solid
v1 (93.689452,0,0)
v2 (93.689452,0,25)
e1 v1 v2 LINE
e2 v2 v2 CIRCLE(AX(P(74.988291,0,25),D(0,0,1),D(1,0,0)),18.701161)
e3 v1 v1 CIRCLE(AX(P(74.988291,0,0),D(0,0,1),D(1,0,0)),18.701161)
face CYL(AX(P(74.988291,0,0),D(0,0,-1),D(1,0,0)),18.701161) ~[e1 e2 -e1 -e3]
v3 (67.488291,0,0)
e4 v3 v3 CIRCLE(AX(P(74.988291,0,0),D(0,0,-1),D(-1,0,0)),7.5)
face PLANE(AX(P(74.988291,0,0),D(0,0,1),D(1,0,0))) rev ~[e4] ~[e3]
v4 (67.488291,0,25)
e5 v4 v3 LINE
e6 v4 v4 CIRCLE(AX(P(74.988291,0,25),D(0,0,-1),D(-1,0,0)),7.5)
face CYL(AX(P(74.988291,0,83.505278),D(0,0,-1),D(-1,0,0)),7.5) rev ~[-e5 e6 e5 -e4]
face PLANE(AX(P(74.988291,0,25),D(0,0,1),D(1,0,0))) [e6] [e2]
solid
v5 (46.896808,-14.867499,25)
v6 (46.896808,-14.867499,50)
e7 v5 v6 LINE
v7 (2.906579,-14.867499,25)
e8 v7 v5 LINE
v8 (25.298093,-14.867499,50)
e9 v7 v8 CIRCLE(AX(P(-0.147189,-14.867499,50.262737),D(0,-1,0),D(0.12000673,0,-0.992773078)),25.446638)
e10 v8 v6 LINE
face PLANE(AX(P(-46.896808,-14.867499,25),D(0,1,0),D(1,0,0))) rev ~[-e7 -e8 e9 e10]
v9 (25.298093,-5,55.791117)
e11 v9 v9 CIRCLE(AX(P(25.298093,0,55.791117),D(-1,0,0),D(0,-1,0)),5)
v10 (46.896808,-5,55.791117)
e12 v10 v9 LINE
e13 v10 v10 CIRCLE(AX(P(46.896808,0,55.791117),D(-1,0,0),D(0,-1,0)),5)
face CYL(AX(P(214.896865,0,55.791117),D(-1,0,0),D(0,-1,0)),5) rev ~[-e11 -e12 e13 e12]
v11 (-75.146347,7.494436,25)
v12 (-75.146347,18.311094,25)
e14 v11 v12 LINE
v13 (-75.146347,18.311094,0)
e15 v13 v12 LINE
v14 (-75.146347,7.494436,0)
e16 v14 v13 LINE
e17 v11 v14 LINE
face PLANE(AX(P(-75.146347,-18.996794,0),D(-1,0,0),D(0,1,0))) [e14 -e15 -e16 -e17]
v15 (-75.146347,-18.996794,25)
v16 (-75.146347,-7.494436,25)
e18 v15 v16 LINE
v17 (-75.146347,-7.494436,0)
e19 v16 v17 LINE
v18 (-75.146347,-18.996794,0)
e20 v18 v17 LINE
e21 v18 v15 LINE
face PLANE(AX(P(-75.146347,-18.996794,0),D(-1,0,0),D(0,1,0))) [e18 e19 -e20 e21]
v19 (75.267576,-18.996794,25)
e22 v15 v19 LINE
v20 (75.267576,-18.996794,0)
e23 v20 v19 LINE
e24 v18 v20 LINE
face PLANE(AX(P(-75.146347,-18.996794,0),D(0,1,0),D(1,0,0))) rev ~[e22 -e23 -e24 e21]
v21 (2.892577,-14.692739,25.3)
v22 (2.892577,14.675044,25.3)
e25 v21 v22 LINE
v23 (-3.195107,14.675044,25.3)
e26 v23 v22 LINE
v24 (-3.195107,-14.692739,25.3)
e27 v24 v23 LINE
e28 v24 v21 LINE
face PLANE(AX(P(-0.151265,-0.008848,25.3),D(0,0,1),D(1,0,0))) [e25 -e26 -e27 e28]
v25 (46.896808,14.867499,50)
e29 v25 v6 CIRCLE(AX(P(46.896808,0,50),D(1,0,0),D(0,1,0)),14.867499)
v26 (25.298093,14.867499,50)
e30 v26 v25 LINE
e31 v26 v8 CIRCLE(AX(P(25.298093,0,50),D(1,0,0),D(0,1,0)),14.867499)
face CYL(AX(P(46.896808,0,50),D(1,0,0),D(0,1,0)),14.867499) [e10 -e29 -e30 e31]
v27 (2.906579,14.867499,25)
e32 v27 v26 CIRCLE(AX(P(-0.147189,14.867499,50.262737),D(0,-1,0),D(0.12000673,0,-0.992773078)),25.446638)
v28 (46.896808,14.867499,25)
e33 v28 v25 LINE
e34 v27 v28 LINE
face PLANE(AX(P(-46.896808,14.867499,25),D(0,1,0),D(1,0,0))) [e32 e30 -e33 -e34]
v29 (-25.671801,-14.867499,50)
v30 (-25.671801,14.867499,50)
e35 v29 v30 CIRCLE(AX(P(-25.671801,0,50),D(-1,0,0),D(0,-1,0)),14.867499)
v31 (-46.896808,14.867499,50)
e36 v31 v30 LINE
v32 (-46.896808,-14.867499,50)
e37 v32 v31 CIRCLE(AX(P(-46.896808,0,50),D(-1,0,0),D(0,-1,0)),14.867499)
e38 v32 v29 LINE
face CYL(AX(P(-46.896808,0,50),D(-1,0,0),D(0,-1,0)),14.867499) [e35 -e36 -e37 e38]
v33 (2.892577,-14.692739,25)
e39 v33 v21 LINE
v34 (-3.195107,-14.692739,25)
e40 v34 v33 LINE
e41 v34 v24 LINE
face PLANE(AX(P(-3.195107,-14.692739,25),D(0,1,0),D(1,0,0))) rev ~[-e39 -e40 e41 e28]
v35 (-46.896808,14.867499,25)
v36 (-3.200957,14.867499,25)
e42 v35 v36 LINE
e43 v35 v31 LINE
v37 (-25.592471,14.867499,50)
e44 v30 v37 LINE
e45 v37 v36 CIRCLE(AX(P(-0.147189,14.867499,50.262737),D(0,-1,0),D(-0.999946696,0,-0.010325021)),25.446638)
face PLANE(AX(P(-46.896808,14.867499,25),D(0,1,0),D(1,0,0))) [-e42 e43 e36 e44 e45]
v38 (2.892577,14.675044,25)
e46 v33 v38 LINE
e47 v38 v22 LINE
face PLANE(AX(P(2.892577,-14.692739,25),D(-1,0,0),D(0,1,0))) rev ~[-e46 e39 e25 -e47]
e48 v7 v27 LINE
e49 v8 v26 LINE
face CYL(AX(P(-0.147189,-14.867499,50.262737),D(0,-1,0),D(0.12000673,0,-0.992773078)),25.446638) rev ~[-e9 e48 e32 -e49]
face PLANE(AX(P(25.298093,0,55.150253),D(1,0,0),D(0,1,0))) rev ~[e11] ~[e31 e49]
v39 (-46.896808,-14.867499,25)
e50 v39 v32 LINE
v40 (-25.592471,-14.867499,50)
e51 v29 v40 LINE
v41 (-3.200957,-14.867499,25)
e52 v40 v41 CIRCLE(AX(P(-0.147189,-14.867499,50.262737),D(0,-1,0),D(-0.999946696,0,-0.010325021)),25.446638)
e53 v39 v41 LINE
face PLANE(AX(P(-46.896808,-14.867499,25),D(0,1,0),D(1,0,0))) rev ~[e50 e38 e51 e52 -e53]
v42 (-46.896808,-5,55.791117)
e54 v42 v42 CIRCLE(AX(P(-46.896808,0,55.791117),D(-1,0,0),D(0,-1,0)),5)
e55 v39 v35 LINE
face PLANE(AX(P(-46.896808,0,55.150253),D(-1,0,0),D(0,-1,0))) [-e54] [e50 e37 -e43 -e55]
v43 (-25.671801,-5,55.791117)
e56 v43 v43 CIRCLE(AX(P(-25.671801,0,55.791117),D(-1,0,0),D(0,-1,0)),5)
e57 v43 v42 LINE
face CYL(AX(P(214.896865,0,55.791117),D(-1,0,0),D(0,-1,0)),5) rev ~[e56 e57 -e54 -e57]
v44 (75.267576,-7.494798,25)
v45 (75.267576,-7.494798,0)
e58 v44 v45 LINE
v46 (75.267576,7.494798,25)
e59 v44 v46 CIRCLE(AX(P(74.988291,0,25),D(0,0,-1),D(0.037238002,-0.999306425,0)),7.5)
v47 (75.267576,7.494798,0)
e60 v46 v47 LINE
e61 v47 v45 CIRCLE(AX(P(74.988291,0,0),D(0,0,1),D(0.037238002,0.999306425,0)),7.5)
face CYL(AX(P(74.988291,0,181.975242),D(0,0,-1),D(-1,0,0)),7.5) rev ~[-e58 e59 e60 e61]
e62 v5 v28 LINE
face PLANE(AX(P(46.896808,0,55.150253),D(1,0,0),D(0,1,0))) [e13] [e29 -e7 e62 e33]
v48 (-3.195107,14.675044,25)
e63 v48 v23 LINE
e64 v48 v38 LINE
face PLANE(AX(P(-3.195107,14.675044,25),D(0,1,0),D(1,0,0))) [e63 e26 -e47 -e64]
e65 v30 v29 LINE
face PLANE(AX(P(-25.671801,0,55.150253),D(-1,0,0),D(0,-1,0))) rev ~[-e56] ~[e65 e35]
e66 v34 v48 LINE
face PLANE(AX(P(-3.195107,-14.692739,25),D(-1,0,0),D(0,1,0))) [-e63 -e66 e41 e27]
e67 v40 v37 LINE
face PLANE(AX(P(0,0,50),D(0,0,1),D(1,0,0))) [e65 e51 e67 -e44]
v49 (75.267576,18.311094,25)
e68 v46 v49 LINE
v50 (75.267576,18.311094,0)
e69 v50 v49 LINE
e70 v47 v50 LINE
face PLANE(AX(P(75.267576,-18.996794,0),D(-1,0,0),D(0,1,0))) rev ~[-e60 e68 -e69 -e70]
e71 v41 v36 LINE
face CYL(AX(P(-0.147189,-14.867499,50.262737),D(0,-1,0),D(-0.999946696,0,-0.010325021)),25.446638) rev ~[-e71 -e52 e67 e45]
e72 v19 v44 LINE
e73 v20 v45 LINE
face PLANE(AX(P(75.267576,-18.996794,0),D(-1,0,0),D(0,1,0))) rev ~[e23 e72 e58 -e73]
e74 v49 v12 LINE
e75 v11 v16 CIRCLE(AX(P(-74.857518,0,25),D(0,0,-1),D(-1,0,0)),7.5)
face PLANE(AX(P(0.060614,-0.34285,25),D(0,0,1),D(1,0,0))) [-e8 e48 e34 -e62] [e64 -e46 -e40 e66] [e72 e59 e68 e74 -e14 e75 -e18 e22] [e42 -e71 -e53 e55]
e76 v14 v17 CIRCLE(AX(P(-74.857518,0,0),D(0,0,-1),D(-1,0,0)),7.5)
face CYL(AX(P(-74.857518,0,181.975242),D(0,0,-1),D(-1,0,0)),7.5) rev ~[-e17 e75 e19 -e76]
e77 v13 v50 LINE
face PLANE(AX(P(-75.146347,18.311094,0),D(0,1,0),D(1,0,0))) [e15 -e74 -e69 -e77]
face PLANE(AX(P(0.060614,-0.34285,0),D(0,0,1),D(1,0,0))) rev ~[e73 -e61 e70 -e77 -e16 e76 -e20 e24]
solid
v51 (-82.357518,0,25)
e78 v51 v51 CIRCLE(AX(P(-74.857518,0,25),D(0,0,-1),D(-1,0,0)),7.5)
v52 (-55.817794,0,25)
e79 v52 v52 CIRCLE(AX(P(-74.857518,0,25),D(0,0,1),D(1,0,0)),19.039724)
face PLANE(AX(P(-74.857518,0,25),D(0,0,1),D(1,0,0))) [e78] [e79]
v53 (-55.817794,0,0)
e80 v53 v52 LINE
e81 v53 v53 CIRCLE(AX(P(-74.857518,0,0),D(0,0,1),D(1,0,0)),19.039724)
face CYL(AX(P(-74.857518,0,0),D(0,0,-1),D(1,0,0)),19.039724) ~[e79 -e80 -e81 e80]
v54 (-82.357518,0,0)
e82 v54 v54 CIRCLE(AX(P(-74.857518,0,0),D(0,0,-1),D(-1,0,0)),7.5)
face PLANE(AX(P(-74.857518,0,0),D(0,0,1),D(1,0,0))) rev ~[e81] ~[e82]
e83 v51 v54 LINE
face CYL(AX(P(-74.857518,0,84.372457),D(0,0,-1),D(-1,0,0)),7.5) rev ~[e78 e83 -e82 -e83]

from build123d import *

# Parameters (mm, degrees)
F0_R      = 19.0397236597
F2_DEPTH  = 25
F1_R      = 18.7011614522
F3_W      = 150.4139229655
F3_H      = 37.3078882694
F4_DEPTH  = 25
F6_D      = 15
F6_2_D    = 15
F8_D      = 15
F8_2_D    = 15
F10_W     = 93.7936156988
F10_H     = 29.7349989414
F11_DEPTH = 25
F14_DEPTH = 21.5987153351
F16_DEPTH = 33.9082231304
F17_DEPTH = 21.2250072509
F20_D     = 10
F21_W     = 6.0876840726
F21_H     = 29.3677821755
F22_DEPTH = 0.3


with BuildPart() as f2:
    # F0 (on Top) → F2 (new body)
    with BuildSketch(Plane.XY):
        with Locations((-74.8575180769, 0)):
            Circle(F0_R)
    extrude(amount=F2_DEPTH)

    # F6 (through all)
    with Locations(Plane.XY.offset(25)):
        with Locations((-74.8575180769, 0)):
            Hole(F6_D / 2)


with BuildPart() as f2b:
    # F1 (on Top) → F2, piece 2 (new body)
    with BuildSketch(Plane.XY):
        with Locations((74.9882906675, 0)):
            Circle(F1_R)
    extrude(amount=F2_DEPTH)

    # F8 (through all)
    with Locations(Plane.XY.offset(25)):
        with Locations((74.9882906675, 0)):
            Hole(F8_D / 2)


with BuildPart() as f4:
    # F3 (on Top) → F4 (new body)
    with BuildSketch(Plane.XY):
        with Locations((0.0606141984, -0.342849642)):
            Rectangle(F3_W, F3_H)
    extrude(amount=F4_DEPTH)

    # F6#2 (through all)
    with Locations(Plane.XY.offset(25)):
        with Locations((-74.8575180769, 0)):
            Hole(F6_2_D / 2)

    # F8#2 (through all)
    with Locations(Plane.XY.offset(25)):
        with Locations((74.9882906675, 0)):
            Hole(F8_2_D / 2)

    # F10 (on face) → F11 (join)
    with BuildSketch(Plane.XY.offset(25)):
        Rectangle(F10_W, F10_H)
    extrude(amount=F11_DEPTH)

    # F12 (on face) → F14 (join)
    with BuildSketch(Plane.YZ.offset(46.8968078494)):
        with BuildLine():
            Line((-14.8674994707, 50), (14.8674994707, 50))
            ThreePointArc((14.8674994707, 50), (0, 64.8674994707), (-14.8674994707, 50))
        make_face()
    extrude(amount=-F14_DEPTH)

    # F15 (on face) → F16 (cut, through all)
    with BuildSketch(Plane.XZ.offset(14.8674994707)):
        with BuildLine():
            Line((25.2980925143, 50), (-25.5924705416, 50))
            ThreePointArc((-25.5924705416, 50), (-19.1023717702, 33.2853276971), (-3.2009568266, 25))
            Line((-3.2009568266, 25), (2.9065787992, 25))
            ThreePointArc((2.9065787992, 25), (18.8079937429, 33.2853276971), (25.2980925143, 50))
        make_face()
    extrude(amount=-F16_DEPTH, mode=Mode.SUBTRACT)

    # F13 (on face) → F17 (join)
    with BuildSketch(Plane(origin=(-46.8968078494, 0, 0), x_dir=(0, -1, 0), z_dir=(-1, 0, 0))):
        with BuildLine():
            Line((-14.8674994707, 50), (14.8674994707, 50))
            ThreePointArc((14.8674994707, 50), (0, 64.8674994707), (-14.8674994707, 50))
        make_face()
    extrude(amount=-F17_DEPTH)

    # F20 (through all)
    with Locations(Plane.YZ.offset(46.8968078494)):
        with Locations((0, 55.7911172509)):
            Hole(F20_D / 2)

    # F21 (on face) → F22 (join)
    with BuildSketch(Plane.XY.offset(25)):
        with Locations((-0.1512649469, -0.0088475645)):
            Rectangle(F21_W, F21_H)
    extrude(amount=F22_DEPTH)


solid = Compound([f2.part, f2b.part, f4.part])
